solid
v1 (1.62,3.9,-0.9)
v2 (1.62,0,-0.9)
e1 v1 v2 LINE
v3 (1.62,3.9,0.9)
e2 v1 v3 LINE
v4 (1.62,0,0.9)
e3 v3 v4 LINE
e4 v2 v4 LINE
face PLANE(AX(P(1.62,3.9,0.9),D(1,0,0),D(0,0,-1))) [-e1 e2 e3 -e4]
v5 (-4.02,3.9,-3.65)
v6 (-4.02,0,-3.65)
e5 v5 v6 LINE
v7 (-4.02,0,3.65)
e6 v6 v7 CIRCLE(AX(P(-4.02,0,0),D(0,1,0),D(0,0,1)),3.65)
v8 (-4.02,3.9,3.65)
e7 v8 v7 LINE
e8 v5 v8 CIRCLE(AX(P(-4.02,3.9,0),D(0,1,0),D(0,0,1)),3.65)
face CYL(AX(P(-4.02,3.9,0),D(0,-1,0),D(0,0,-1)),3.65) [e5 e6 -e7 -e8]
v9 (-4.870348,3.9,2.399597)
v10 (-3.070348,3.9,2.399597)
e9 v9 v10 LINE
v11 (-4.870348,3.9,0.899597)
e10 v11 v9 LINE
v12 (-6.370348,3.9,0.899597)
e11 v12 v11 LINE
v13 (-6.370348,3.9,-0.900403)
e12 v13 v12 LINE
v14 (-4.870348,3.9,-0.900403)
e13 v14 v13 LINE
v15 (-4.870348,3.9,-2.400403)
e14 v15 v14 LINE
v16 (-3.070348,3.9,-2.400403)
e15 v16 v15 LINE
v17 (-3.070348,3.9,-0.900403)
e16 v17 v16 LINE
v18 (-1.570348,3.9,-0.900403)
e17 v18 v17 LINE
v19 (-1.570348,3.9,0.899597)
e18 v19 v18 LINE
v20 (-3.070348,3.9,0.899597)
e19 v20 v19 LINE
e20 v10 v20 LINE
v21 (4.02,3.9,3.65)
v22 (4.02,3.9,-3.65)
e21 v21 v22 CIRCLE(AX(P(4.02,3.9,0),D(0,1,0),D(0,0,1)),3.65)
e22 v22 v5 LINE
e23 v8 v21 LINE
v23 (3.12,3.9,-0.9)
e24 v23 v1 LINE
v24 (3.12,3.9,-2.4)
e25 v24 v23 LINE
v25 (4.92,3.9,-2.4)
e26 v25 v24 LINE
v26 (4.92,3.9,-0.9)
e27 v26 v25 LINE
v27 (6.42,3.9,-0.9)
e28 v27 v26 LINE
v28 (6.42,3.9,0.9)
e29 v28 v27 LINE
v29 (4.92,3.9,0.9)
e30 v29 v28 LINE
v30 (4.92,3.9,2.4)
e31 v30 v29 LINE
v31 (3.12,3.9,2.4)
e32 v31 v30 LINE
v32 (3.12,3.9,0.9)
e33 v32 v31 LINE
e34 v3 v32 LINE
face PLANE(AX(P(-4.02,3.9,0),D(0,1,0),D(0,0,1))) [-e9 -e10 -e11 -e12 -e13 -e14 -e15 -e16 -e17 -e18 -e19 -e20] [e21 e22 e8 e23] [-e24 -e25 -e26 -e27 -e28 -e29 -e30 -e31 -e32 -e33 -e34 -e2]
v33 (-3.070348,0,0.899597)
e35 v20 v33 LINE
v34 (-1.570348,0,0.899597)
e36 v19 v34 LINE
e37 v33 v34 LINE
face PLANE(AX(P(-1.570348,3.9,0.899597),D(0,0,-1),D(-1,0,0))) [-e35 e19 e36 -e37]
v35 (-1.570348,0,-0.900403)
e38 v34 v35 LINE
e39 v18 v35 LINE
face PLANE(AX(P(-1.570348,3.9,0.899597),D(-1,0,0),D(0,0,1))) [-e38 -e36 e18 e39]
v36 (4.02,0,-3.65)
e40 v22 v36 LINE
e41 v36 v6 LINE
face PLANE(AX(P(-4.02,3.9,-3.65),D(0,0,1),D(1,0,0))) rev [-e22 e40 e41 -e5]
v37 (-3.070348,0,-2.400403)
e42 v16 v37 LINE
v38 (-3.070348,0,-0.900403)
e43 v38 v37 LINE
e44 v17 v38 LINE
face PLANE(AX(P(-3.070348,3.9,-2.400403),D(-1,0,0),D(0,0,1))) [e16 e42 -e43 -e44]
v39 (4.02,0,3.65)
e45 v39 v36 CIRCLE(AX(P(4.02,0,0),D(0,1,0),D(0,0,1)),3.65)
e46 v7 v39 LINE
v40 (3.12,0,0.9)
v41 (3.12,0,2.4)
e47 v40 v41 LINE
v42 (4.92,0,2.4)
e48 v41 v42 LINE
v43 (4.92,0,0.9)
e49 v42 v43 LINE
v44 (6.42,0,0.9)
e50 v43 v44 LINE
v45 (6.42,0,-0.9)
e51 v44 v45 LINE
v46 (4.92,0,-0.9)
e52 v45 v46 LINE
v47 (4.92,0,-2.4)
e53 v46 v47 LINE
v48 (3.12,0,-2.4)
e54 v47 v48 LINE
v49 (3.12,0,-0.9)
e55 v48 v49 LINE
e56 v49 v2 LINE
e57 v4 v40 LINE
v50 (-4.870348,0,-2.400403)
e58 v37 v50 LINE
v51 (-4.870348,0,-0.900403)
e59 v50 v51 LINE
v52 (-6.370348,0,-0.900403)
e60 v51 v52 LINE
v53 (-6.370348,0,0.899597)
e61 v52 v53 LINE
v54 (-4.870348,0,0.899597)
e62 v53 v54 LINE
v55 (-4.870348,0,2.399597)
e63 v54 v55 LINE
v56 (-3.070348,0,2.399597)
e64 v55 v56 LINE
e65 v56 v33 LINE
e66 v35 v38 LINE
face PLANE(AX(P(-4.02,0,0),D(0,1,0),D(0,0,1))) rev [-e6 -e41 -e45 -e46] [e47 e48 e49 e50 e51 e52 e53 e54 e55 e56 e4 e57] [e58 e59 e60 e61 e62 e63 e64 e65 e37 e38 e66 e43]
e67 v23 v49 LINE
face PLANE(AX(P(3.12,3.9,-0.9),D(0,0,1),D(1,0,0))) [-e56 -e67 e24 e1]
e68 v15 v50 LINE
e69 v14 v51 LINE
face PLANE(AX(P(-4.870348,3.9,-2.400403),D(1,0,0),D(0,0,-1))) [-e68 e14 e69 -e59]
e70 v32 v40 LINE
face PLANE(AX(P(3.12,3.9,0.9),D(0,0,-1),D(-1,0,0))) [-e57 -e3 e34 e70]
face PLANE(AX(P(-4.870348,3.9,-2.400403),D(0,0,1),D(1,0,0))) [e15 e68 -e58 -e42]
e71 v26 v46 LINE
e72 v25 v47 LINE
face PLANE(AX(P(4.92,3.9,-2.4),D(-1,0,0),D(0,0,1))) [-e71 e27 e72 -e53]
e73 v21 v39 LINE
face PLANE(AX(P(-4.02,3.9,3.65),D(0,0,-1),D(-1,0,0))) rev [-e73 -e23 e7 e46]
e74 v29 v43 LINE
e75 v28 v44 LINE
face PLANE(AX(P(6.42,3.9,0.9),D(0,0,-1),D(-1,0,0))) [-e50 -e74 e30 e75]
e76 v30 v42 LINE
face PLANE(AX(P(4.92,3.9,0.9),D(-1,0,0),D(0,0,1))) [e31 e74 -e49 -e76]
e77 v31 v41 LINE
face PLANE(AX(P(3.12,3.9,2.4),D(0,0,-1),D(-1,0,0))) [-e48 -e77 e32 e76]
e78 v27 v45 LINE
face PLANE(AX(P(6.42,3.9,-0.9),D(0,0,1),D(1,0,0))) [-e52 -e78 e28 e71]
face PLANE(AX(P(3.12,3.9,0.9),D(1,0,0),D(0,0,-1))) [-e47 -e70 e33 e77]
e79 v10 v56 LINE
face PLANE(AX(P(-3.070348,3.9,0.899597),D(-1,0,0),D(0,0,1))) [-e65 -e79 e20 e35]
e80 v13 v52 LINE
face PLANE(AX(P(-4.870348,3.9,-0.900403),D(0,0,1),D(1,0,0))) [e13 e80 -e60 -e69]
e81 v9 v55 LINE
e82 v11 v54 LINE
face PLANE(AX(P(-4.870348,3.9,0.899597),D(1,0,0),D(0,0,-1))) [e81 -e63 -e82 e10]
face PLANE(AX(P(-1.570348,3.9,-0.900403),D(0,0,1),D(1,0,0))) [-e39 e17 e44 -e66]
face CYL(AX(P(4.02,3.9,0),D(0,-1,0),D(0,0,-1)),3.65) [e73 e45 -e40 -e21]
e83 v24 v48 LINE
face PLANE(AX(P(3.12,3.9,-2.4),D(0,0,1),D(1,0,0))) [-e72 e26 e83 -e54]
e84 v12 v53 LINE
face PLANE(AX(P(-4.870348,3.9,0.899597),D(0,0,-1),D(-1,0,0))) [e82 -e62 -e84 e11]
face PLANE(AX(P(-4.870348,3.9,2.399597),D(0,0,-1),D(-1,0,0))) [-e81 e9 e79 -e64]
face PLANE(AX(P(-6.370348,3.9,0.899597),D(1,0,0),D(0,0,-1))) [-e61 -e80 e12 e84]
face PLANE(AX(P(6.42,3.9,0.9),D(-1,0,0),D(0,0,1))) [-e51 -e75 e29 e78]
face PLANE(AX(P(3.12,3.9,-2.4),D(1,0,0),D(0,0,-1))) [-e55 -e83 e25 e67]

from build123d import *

# Parameters (mm, degrees)
BOSS_EXTRUDE1_DEPTH = 3.9


with BuildPart() as part:
    # Sketch1 → Boss-Extrude1 (new body)
    with BuildSketch(Plane(origin=(0, 0, 0), x_dir=(1, 0, 0), z_dir=(0, 1, 0))):
        with BuildLine():
            Line((-4.02, 3.65), (4.02, 3.65))
            ThreePointArc((4.02, 3.65), (7.67, 0), (4.02, -3.65))
            Line((4.02, -3.65), (-4.02, -3.65))
            ThreePointArc((-4.02, -3.65), (-7.67, 0), (-4.02, 3.65))
        make_face()
        Polygon((3.12, 2.4), (3.12, 0.9), (1.62, 0.9), (1.62, -0.9), (3.12, -0.9), (3.12, -2.4), (4.92, -2.4), (4.92, -0.9), (6.42, -0.9), (6.42, 0.9), (4.92, 0.9), (4.92, 2.4), align=None, mode=Mode.SUBTRACT)
        Polygon((-4.870347538, 2.400403287), (-4.870347538, 0.900403287), (-6.370347538, 0.900403287), (-6.370347538, -0.899596713), (-4.870347538, -0.899596713), (-4.870347538, -2.399596713), (-3.070347538, -2.399596713), (-3.070347538, -0.899596713), (-1.570347538, -0.899596713), (-1.570347538, 0.900403287), (-3.070347538, 0.900403287), (-3.070347538, 2.400403287), align=None, mode=Mode.SUBTRACT)
    extrude(amount=BOSS_EXTRUDE1_DEPTH)


solid = part.part
